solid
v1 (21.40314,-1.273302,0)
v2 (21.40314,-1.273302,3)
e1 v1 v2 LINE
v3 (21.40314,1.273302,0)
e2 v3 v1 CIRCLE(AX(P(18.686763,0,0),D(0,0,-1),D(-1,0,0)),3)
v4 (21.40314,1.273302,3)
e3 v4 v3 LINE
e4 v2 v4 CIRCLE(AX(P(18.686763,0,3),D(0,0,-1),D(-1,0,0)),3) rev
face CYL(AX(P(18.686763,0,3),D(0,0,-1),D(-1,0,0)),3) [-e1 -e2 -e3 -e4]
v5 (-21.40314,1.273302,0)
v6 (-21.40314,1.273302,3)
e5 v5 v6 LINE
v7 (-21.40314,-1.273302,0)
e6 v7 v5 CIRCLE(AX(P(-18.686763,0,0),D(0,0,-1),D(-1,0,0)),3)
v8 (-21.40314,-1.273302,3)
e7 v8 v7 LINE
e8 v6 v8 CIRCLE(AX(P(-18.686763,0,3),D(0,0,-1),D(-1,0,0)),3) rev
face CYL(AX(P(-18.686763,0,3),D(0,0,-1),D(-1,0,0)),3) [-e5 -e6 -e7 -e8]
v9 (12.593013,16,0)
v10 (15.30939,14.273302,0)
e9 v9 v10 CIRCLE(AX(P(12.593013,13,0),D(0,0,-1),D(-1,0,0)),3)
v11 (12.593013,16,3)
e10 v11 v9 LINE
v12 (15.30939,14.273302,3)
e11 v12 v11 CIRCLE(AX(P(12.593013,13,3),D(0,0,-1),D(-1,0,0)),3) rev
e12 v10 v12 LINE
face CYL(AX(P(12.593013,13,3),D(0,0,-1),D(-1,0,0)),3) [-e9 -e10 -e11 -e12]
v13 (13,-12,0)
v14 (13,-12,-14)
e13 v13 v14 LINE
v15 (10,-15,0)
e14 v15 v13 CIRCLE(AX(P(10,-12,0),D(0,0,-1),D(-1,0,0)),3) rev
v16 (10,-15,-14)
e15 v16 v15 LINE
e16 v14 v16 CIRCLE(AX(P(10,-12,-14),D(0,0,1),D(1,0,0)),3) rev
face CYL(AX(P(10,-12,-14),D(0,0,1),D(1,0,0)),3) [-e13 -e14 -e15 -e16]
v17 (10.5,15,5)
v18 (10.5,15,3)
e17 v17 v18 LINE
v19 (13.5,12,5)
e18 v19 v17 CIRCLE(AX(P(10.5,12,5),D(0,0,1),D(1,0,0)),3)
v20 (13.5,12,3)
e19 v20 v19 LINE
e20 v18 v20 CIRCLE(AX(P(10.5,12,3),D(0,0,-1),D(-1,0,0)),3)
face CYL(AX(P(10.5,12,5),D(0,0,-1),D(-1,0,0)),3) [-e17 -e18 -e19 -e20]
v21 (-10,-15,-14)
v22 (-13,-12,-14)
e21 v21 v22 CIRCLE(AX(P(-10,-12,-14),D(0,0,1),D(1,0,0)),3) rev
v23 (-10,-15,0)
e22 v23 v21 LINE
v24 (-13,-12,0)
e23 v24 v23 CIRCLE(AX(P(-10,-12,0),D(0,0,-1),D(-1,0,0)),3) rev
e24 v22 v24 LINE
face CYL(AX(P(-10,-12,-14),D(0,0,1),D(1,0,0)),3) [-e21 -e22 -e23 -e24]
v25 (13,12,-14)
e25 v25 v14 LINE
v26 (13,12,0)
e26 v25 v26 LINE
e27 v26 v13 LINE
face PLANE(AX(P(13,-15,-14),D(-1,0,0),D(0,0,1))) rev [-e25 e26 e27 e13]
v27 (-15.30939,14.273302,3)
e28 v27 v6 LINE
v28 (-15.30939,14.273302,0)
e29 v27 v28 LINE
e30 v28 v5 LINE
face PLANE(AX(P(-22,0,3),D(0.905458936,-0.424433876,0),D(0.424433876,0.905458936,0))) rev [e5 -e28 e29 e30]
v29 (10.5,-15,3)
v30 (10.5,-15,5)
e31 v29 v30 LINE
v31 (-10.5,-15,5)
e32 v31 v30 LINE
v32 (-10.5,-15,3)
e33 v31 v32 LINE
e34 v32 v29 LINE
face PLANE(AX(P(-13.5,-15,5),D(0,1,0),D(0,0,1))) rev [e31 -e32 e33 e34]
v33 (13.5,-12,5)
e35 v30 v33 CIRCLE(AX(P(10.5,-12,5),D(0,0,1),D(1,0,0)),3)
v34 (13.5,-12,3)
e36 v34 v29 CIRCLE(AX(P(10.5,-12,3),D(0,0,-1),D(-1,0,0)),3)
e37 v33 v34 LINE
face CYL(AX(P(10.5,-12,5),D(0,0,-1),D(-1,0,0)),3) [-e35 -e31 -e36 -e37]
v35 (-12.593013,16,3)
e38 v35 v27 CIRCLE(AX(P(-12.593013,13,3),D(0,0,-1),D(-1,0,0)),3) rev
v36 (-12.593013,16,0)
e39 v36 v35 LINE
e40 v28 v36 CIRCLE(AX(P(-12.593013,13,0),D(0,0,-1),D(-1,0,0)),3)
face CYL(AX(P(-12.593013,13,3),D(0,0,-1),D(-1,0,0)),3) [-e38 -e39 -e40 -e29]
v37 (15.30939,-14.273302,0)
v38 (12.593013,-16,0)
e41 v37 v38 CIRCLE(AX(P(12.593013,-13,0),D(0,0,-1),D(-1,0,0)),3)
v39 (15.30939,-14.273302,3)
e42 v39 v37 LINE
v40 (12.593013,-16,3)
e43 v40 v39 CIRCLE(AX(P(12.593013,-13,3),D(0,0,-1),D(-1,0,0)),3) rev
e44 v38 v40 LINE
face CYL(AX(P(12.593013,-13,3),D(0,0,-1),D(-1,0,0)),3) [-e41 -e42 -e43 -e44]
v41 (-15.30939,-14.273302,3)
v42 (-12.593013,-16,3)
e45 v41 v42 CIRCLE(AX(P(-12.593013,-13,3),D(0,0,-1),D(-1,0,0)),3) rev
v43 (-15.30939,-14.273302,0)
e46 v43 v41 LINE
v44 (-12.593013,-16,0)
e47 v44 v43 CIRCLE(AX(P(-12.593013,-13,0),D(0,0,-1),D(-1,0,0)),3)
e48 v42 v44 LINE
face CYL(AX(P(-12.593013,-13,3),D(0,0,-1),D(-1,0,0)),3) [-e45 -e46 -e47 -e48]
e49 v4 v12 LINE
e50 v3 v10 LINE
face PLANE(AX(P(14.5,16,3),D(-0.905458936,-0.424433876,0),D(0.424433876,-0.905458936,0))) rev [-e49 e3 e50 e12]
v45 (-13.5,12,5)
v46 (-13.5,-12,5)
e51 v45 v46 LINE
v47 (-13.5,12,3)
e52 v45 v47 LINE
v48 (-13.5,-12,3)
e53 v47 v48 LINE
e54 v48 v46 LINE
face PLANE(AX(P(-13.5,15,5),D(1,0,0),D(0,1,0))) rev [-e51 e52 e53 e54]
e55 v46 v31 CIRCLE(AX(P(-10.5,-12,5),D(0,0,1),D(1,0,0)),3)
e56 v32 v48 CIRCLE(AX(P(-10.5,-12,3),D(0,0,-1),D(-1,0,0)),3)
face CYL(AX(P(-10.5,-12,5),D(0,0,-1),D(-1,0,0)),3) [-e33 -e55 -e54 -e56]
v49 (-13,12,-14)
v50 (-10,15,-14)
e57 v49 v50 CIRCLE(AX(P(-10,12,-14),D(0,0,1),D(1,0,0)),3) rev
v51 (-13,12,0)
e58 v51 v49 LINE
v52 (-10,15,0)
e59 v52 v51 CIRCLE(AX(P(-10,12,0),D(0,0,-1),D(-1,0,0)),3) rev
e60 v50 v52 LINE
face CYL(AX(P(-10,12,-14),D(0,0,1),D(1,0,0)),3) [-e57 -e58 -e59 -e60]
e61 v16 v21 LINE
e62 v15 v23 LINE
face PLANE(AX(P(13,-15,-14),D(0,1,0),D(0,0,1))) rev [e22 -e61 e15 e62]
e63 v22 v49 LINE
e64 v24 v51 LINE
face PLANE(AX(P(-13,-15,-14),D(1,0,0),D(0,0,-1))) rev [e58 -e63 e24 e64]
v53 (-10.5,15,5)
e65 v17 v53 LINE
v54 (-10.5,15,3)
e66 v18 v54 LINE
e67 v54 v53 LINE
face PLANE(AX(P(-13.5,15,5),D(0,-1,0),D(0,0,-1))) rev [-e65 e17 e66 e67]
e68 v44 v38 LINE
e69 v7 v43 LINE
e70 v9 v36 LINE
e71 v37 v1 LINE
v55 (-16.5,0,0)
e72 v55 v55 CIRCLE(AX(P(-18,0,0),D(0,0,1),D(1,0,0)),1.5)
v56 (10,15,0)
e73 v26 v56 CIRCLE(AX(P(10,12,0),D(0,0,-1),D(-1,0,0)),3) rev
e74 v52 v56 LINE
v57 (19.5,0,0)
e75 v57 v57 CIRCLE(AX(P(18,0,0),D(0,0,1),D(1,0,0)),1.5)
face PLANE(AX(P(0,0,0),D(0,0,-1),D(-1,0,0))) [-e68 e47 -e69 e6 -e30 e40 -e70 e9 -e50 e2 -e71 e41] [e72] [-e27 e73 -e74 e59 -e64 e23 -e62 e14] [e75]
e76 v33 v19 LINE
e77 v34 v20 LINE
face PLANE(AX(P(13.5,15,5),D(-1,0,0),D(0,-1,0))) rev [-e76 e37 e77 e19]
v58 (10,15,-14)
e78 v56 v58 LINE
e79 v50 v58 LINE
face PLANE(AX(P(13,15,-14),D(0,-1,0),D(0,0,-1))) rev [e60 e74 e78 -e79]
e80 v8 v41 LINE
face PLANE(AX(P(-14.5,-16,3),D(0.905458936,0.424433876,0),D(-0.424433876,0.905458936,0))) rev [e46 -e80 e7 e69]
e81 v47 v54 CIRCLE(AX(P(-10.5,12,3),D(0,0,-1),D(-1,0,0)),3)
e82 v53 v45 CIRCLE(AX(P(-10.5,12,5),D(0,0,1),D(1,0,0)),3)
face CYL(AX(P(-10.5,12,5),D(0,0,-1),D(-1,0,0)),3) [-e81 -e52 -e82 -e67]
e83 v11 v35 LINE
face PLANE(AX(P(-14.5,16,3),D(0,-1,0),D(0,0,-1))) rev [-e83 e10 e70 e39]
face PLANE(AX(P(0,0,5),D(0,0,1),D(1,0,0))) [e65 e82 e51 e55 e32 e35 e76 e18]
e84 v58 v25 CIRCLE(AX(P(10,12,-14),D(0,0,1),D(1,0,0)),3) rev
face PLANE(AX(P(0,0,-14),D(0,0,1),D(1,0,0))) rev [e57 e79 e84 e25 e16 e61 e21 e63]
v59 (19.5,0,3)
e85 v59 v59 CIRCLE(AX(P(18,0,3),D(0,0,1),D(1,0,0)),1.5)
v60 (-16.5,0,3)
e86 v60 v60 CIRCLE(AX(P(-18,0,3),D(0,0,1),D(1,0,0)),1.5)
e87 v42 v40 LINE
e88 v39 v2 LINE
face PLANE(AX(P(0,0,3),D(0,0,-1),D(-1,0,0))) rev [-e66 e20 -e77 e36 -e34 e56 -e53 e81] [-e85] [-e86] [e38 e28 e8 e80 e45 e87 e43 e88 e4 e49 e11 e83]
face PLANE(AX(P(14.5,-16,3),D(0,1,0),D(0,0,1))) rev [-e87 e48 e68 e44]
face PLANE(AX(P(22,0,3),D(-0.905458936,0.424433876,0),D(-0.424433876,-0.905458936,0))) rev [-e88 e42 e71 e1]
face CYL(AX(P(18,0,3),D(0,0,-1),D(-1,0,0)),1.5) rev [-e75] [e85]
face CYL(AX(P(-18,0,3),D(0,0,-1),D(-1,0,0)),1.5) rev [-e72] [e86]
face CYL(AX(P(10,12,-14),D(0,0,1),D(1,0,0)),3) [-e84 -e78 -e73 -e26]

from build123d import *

# Parameters (mm, degrees)
SKETCH1_R           = 1.5
BOSS_EXTRUDE1_DEPTH = 3
SKETCH4_W           = 27
SKETCH4_H           = 30
BOSS_EXTRUDE2_DEPTH = 2
SKETCH5_W           = 26
SKETCH5_H           = 30
BOSS_EXTRUDE3_DEPTH = 14
FILLET1_R           = 3


with BuildPart() as part:
    # Sketch1 → Boss-Extrude1 (new body)
    with BuildSketch(Plane.XY):
        Polygon((-14.5, 16), (14.5, 16), (22, 0), (14.5, -16), (-14.5, -16), (-22, 0), align=None)
        with Locations((-18, 0)):
            Circle(SKETCH1_R, mode=Mode.SUBTRACT)
        with Locations((18, 0)):
            Circle(SKETCH1_R, mode=Mode.SUBTRACT)
    extrude(amount=BOSS_EXTRUDE1_DEPTH)

    # Sketch4 → Boss-Extrude2 (add)
    with BuildSketch(Plane.XY.offset(3)):
        Rectangle(SKETCH4_W, SKETCH4_H)
    extrude(amount=BOSS_EXTRUDE2_DEPTH)

    # Sketch5 → Boss-Extrude3 (add)
    with BuildSketch(Plane(origin=(0, 0, 0), x_dir=(-1, 0, 0), z_dir=(0, 0, -1))):
        Rectangle(SKETCH5_W, SKETCH5_H)
    extrude(amount=BOSS_EXTRUDE3_DEPTH)

    # Fillet1
    fillet1_edges = [part.edges().sort_by_distance(p)[0] for p in [
        (-14.5, 16, 1.5),
        (14.5, 16, 1.5),
        (22, 0, 1.5),
        (14.5, -16, 1.5),
        (-14.5, -16, 1.5),
        (-22, 0, 1.5),
        (13.5, -15, 4),
        (13.5, 15, 4),
        (-13.5, 15, 4),
        (-13.5, -15, 4),
        (-13, -15, -7),
        (-13, 15, -7),
        (13, 15, -7),
        (13, -15, -7),
    ]]
    fillet(fillet1_edges, radius=FILLET1_R)


solid = part.part
